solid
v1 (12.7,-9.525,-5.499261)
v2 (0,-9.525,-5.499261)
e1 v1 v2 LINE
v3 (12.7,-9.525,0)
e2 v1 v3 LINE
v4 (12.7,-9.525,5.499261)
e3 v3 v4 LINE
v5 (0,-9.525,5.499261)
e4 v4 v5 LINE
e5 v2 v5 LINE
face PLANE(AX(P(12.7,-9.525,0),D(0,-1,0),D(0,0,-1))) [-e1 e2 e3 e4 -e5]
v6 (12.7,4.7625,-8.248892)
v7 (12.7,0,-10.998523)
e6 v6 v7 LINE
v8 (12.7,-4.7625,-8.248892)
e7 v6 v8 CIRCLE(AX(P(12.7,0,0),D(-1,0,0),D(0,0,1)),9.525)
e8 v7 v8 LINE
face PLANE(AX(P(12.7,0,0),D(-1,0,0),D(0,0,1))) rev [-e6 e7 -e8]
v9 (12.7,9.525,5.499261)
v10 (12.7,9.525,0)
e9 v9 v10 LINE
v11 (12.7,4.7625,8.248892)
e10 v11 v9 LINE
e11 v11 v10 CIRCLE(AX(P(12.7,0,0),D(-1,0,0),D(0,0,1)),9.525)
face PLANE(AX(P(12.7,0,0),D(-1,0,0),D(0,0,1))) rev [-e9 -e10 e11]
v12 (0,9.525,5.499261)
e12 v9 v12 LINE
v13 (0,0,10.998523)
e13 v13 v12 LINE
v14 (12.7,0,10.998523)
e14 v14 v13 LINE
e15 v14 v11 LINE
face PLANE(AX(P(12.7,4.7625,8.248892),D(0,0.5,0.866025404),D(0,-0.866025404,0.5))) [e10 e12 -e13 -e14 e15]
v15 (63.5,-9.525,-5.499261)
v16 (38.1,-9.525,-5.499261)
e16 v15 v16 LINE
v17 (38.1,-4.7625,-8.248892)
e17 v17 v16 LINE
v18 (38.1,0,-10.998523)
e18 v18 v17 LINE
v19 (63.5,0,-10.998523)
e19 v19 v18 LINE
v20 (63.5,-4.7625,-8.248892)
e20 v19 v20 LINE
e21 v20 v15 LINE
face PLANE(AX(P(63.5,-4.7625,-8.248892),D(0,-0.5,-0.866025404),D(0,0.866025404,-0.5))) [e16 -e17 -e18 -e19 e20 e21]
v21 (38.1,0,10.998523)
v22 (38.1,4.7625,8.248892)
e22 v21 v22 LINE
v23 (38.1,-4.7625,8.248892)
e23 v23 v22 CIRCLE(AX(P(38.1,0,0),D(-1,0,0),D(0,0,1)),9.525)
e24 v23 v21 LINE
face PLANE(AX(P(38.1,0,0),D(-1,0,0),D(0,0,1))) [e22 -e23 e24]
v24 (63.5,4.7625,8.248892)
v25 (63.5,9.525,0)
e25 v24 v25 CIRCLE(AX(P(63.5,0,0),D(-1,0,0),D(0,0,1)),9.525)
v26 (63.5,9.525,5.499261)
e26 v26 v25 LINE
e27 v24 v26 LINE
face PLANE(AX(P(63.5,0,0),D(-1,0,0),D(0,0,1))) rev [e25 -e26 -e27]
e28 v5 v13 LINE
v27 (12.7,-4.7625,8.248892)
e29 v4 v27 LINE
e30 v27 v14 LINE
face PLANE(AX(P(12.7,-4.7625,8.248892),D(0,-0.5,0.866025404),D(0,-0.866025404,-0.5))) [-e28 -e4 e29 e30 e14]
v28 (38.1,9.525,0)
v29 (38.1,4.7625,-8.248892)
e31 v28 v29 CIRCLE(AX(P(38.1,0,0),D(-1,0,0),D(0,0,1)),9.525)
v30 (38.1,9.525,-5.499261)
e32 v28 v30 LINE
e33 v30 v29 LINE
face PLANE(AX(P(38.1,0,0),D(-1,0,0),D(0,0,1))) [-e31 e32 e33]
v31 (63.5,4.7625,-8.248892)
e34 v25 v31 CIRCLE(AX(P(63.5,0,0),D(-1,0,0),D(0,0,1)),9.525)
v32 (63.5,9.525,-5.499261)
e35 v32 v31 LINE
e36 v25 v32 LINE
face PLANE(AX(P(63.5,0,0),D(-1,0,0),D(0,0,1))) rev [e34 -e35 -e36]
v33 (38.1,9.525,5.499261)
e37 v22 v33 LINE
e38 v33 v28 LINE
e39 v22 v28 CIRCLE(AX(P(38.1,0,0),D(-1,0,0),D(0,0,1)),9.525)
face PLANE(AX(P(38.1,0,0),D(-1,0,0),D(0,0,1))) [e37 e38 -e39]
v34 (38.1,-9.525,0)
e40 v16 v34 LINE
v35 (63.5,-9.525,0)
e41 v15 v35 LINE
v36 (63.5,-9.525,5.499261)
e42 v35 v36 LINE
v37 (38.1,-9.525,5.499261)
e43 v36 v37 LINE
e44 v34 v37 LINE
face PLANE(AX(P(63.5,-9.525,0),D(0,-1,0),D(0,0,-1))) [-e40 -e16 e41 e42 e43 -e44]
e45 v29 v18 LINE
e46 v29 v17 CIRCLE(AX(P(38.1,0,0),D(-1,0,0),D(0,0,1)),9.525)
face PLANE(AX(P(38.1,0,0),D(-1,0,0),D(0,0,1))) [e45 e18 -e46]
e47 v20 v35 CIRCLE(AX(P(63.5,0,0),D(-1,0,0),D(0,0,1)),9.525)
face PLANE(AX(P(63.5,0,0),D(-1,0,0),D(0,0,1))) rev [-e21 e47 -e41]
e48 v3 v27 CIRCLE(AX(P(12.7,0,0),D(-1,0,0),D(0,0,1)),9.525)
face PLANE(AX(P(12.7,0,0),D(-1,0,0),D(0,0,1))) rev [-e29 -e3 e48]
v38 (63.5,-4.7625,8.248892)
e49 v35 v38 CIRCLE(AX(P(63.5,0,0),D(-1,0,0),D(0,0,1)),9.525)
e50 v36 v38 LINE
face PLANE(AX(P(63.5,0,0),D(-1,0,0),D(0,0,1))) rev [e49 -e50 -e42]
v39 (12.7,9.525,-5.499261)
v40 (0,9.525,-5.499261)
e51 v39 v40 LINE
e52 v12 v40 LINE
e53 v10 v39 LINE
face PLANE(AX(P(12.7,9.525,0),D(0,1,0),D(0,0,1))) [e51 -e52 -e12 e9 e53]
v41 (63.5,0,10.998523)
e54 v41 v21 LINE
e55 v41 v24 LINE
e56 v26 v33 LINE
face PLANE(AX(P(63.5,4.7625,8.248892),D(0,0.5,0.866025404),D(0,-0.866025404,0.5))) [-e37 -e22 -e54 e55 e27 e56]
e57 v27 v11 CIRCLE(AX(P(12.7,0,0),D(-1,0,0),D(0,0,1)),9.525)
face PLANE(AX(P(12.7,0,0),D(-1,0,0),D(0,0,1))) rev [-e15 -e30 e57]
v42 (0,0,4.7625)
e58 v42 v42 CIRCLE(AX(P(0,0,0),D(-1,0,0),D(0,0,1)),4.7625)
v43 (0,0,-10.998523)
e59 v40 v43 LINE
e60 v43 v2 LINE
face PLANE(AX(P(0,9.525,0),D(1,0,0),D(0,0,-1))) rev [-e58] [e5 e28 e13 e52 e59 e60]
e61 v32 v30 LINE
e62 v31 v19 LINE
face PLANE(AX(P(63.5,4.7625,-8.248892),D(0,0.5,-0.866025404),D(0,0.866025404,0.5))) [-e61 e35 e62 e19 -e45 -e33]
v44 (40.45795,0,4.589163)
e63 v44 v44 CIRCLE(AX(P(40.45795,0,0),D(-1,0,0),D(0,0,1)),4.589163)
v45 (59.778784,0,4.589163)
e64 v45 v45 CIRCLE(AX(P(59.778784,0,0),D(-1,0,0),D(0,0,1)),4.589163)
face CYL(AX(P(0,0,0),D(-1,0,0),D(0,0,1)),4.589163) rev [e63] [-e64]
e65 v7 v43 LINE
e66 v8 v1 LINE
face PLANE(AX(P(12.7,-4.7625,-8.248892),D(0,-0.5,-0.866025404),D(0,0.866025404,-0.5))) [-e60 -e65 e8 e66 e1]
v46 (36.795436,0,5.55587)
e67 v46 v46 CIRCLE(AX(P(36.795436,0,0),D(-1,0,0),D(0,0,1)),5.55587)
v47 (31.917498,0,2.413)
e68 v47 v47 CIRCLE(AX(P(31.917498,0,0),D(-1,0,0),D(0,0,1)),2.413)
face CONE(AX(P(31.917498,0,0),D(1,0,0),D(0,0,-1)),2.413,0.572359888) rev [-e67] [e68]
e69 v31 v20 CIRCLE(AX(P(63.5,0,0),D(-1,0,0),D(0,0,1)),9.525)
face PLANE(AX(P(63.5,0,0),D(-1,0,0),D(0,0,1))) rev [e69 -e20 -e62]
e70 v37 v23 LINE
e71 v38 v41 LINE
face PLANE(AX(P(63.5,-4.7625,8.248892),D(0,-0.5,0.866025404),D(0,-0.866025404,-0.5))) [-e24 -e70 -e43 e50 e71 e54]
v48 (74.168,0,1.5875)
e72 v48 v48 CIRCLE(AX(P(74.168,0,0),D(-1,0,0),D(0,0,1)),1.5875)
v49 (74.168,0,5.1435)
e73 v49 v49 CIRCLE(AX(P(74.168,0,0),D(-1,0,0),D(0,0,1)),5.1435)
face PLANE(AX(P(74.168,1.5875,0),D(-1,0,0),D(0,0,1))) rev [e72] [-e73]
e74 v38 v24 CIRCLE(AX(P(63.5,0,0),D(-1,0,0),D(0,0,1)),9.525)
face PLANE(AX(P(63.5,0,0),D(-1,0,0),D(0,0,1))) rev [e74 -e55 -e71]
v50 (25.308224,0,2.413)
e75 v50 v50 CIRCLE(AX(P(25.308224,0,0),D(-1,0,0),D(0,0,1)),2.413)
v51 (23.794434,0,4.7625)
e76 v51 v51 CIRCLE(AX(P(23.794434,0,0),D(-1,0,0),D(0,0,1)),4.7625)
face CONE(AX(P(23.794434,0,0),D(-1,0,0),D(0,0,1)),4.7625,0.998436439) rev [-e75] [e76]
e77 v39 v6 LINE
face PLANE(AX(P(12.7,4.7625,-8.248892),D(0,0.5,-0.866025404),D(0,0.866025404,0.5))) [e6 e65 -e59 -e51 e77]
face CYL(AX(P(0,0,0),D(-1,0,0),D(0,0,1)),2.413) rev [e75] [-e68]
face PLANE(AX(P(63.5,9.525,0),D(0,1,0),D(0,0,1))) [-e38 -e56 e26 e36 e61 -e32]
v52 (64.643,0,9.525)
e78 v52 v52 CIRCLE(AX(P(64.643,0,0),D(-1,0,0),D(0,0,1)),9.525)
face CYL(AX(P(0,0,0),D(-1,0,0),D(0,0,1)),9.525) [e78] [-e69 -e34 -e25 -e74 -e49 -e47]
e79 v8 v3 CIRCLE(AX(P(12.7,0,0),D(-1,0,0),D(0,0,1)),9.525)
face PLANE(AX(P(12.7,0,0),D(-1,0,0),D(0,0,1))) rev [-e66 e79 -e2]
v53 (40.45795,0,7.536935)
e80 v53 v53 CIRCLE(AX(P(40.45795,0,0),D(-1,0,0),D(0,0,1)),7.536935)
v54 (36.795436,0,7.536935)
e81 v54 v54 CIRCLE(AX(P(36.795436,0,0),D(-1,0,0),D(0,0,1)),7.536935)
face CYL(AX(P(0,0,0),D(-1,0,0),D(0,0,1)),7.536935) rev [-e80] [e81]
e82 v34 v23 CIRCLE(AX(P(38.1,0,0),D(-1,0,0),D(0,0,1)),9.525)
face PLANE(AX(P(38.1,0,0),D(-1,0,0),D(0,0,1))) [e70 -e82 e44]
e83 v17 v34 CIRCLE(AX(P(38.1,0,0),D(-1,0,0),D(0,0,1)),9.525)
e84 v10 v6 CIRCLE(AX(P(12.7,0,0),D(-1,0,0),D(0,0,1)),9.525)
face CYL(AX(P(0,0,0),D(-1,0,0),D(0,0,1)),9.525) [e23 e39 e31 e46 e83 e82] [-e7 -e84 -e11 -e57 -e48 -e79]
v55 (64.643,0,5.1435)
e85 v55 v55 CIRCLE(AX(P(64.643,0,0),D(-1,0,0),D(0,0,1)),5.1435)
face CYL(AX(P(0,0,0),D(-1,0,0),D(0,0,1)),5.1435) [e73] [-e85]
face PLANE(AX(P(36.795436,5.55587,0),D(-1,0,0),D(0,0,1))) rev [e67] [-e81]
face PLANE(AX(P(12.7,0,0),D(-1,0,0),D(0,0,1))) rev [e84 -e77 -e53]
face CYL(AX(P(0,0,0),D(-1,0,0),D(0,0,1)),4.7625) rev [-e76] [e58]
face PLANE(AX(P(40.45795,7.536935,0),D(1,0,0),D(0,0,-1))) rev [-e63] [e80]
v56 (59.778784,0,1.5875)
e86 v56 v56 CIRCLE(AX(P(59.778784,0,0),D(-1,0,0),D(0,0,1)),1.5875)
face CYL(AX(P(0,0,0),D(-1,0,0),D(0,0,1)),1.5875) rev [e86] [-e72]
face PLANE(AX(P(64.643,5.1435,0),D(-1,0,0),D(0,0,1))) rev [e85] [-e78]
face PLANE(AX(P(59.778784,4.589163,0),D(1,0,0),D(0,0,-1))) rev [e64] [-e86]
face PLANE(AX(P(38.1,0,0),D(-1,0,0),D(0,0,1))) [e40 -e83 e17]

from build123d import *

# Parameters (mm, degrees)
BOSS_EXTRUDE1_START = -12.7
BOSS_EXTRUDE1_DEPTH = 12.7
BOSS_EXTRUDE2_START = -63.5
BOSS_EXTRUDE2_DEPTH = 25.4


with BuildPart() as part:
    # Sketch1 → Revolve1 (revolve)
    with BuildSketch(Plane.XY):
        Polygon((0, 9.525), (64.643, 9.525), (64.643, 5.1435), (74.168, 5.1435), (74.168, 1.5875), (59.77878359, 1.5875), (59.77878359, 4.58916283), (40.457949701, 4.58916283), (40.457949701, 7.536935058), (36.795436007, 7.536935058), (36.795436007, 5.555870047), (31.917498279, 2.413), (25.308223812, 2.413), (23.794433849, 4.7625), (0, 4.7625), align=None)
    revolve(axis=Axis((0, 0, 0), (1, 0, 0)))

    # Sketch8 → Boss-Extrude1 (add)
    with BuildSketch(Plane.ZY.offset(BOSS_EXTRUDE1_START)):
        with BuildLine():
            Line((-8.248892028, 4.762499902), (-10.998522628, 0))
            Line((-10.998522628, 0), (-8.248891917, -4.762500094))
            ThreePointArc((-8.248891917, -4.762500094), (-9.525, -1.11e-07), (-8.248892028, 4.762499902))
        make_face()
        with BuildLine():
            ThreePointArc((0, -9.525), (-4.762499953, -8.248891998), (-8.248891917, -4.762500094))
            Line((-8.248891917, -4.762500094), (-5.499261314, -9.525))
            Line((-5.499261314, -9.525), (0, -9.525))
        make_face()
        with BuildLine():
            Line((-5.499261314, 9.525), (-8.248892028, 4.762499902))
            ThreePointArc((-8.248892028, 4.762499902), (-4.762500049, 8.248891943), (0, 9.525))
            Line((0, 9.525), (-5.499261314, 9.525))
        make_face()
        with BuildLine():
            ThreePointArc((8.248891846, -4.762500216), (4.762499892, -8.248892033), (0, -9.525))
            Line((0, -9.525), (5.499261314, -9.525))
            Line((5.499261314, -9.525), (8.248891846, -4.762500216))
        make_face()
        with BuildLine():
            Line((5.499261314, 9.525), (0, 9.525))
            ThreePointArc((0, 9.525), (4.762499953, 8.248891998), (8.248891917, 4.762500094))
            Line((8.248891917, 4.762500094), (5.499261314, 9.525))
        make_face()
        with BuildLine():
            ThreePointArc((8.248891917, 4.762500094), (9.525, -7.1e-08), (8.248891846, -4.762500216))
            Line((8.248891846, -4.762500216), (10.998522628, 0))
            Line((10.998522628, 0), (8.248891917, 4.762500094))
        make_face()
    extrude(amount=BOSS_EXTRUDE1_DEPTH)

    # Sketch8<3> → Boss-Extrude2 (add)
    with BuildSketch(Plane.ZY.offset(BOSS_EXTRUDE2_START)):
        with BuildLine():
            Line((-8.248892028, 4.762499902), (-10.998522628, 0))
            Line((-10.998522628, 0), (-8.248891917, -4.762500094))
            ThreePointArc((-8.248891917, -4.762500094), (-9.525, -1.11e-07), (-8.248892028, 4.762499902))
        make_face()
        with BuildLine():
            ThreePointArc((0, -9.525), (-4.762499953, -8.248891998), (-8.248891917, -4.762500094))
            Line((-8.248891917, -4.762500094), (-5.499261314, -9.525))
            Line((-5.499261314, -9.525), (0, -9.525))
        make_face()
        with BuildLine():
            Line((-5.499261314, 9.525), (-8.248892028, 4.762499902))
            ThreePointArc((-8.248892028, 4.762499902), (-4.762500049, 8.248891943), (0, 9.525))
            Line((0, 9.525), (-5.499261314, 9.525))
        make_face()
        with BuildLine():
            ThreePointArc((8.248891846, -4.762500216), (4.762499892, -8.248892033), (0, -9.525))
            Line((0, -9.525), (5.499261314, -9.525))
            Line((5.499261314, -9.525), (8.248891846, -4.762500216))
        make_face()
        with BuildLine():
            Line((5.499261314, 9.525), (0, 9.525))
            ThreePointArc((0, 9.525), (4.762499953, 8.248891998), (8.248891917, 4.762500094))
            Line((8.248891917, 4.762500094), (5.499261314, 9.525))
        make_face()
        with BuildLine():
            ThreePointArc((8.248891917, 4.762500094), (9.525, -7.1e-08), (8.248891846, -4.762500216))
            Line((8.248891846, -4.762500216), (10.998522628, 0))
            Line((10.998522628, 0), (8.248891917, 4.762500094))
        make_face()
    extrude(amount=BOSS_EXTRUDE2_DEPTH)


solid = part.part
